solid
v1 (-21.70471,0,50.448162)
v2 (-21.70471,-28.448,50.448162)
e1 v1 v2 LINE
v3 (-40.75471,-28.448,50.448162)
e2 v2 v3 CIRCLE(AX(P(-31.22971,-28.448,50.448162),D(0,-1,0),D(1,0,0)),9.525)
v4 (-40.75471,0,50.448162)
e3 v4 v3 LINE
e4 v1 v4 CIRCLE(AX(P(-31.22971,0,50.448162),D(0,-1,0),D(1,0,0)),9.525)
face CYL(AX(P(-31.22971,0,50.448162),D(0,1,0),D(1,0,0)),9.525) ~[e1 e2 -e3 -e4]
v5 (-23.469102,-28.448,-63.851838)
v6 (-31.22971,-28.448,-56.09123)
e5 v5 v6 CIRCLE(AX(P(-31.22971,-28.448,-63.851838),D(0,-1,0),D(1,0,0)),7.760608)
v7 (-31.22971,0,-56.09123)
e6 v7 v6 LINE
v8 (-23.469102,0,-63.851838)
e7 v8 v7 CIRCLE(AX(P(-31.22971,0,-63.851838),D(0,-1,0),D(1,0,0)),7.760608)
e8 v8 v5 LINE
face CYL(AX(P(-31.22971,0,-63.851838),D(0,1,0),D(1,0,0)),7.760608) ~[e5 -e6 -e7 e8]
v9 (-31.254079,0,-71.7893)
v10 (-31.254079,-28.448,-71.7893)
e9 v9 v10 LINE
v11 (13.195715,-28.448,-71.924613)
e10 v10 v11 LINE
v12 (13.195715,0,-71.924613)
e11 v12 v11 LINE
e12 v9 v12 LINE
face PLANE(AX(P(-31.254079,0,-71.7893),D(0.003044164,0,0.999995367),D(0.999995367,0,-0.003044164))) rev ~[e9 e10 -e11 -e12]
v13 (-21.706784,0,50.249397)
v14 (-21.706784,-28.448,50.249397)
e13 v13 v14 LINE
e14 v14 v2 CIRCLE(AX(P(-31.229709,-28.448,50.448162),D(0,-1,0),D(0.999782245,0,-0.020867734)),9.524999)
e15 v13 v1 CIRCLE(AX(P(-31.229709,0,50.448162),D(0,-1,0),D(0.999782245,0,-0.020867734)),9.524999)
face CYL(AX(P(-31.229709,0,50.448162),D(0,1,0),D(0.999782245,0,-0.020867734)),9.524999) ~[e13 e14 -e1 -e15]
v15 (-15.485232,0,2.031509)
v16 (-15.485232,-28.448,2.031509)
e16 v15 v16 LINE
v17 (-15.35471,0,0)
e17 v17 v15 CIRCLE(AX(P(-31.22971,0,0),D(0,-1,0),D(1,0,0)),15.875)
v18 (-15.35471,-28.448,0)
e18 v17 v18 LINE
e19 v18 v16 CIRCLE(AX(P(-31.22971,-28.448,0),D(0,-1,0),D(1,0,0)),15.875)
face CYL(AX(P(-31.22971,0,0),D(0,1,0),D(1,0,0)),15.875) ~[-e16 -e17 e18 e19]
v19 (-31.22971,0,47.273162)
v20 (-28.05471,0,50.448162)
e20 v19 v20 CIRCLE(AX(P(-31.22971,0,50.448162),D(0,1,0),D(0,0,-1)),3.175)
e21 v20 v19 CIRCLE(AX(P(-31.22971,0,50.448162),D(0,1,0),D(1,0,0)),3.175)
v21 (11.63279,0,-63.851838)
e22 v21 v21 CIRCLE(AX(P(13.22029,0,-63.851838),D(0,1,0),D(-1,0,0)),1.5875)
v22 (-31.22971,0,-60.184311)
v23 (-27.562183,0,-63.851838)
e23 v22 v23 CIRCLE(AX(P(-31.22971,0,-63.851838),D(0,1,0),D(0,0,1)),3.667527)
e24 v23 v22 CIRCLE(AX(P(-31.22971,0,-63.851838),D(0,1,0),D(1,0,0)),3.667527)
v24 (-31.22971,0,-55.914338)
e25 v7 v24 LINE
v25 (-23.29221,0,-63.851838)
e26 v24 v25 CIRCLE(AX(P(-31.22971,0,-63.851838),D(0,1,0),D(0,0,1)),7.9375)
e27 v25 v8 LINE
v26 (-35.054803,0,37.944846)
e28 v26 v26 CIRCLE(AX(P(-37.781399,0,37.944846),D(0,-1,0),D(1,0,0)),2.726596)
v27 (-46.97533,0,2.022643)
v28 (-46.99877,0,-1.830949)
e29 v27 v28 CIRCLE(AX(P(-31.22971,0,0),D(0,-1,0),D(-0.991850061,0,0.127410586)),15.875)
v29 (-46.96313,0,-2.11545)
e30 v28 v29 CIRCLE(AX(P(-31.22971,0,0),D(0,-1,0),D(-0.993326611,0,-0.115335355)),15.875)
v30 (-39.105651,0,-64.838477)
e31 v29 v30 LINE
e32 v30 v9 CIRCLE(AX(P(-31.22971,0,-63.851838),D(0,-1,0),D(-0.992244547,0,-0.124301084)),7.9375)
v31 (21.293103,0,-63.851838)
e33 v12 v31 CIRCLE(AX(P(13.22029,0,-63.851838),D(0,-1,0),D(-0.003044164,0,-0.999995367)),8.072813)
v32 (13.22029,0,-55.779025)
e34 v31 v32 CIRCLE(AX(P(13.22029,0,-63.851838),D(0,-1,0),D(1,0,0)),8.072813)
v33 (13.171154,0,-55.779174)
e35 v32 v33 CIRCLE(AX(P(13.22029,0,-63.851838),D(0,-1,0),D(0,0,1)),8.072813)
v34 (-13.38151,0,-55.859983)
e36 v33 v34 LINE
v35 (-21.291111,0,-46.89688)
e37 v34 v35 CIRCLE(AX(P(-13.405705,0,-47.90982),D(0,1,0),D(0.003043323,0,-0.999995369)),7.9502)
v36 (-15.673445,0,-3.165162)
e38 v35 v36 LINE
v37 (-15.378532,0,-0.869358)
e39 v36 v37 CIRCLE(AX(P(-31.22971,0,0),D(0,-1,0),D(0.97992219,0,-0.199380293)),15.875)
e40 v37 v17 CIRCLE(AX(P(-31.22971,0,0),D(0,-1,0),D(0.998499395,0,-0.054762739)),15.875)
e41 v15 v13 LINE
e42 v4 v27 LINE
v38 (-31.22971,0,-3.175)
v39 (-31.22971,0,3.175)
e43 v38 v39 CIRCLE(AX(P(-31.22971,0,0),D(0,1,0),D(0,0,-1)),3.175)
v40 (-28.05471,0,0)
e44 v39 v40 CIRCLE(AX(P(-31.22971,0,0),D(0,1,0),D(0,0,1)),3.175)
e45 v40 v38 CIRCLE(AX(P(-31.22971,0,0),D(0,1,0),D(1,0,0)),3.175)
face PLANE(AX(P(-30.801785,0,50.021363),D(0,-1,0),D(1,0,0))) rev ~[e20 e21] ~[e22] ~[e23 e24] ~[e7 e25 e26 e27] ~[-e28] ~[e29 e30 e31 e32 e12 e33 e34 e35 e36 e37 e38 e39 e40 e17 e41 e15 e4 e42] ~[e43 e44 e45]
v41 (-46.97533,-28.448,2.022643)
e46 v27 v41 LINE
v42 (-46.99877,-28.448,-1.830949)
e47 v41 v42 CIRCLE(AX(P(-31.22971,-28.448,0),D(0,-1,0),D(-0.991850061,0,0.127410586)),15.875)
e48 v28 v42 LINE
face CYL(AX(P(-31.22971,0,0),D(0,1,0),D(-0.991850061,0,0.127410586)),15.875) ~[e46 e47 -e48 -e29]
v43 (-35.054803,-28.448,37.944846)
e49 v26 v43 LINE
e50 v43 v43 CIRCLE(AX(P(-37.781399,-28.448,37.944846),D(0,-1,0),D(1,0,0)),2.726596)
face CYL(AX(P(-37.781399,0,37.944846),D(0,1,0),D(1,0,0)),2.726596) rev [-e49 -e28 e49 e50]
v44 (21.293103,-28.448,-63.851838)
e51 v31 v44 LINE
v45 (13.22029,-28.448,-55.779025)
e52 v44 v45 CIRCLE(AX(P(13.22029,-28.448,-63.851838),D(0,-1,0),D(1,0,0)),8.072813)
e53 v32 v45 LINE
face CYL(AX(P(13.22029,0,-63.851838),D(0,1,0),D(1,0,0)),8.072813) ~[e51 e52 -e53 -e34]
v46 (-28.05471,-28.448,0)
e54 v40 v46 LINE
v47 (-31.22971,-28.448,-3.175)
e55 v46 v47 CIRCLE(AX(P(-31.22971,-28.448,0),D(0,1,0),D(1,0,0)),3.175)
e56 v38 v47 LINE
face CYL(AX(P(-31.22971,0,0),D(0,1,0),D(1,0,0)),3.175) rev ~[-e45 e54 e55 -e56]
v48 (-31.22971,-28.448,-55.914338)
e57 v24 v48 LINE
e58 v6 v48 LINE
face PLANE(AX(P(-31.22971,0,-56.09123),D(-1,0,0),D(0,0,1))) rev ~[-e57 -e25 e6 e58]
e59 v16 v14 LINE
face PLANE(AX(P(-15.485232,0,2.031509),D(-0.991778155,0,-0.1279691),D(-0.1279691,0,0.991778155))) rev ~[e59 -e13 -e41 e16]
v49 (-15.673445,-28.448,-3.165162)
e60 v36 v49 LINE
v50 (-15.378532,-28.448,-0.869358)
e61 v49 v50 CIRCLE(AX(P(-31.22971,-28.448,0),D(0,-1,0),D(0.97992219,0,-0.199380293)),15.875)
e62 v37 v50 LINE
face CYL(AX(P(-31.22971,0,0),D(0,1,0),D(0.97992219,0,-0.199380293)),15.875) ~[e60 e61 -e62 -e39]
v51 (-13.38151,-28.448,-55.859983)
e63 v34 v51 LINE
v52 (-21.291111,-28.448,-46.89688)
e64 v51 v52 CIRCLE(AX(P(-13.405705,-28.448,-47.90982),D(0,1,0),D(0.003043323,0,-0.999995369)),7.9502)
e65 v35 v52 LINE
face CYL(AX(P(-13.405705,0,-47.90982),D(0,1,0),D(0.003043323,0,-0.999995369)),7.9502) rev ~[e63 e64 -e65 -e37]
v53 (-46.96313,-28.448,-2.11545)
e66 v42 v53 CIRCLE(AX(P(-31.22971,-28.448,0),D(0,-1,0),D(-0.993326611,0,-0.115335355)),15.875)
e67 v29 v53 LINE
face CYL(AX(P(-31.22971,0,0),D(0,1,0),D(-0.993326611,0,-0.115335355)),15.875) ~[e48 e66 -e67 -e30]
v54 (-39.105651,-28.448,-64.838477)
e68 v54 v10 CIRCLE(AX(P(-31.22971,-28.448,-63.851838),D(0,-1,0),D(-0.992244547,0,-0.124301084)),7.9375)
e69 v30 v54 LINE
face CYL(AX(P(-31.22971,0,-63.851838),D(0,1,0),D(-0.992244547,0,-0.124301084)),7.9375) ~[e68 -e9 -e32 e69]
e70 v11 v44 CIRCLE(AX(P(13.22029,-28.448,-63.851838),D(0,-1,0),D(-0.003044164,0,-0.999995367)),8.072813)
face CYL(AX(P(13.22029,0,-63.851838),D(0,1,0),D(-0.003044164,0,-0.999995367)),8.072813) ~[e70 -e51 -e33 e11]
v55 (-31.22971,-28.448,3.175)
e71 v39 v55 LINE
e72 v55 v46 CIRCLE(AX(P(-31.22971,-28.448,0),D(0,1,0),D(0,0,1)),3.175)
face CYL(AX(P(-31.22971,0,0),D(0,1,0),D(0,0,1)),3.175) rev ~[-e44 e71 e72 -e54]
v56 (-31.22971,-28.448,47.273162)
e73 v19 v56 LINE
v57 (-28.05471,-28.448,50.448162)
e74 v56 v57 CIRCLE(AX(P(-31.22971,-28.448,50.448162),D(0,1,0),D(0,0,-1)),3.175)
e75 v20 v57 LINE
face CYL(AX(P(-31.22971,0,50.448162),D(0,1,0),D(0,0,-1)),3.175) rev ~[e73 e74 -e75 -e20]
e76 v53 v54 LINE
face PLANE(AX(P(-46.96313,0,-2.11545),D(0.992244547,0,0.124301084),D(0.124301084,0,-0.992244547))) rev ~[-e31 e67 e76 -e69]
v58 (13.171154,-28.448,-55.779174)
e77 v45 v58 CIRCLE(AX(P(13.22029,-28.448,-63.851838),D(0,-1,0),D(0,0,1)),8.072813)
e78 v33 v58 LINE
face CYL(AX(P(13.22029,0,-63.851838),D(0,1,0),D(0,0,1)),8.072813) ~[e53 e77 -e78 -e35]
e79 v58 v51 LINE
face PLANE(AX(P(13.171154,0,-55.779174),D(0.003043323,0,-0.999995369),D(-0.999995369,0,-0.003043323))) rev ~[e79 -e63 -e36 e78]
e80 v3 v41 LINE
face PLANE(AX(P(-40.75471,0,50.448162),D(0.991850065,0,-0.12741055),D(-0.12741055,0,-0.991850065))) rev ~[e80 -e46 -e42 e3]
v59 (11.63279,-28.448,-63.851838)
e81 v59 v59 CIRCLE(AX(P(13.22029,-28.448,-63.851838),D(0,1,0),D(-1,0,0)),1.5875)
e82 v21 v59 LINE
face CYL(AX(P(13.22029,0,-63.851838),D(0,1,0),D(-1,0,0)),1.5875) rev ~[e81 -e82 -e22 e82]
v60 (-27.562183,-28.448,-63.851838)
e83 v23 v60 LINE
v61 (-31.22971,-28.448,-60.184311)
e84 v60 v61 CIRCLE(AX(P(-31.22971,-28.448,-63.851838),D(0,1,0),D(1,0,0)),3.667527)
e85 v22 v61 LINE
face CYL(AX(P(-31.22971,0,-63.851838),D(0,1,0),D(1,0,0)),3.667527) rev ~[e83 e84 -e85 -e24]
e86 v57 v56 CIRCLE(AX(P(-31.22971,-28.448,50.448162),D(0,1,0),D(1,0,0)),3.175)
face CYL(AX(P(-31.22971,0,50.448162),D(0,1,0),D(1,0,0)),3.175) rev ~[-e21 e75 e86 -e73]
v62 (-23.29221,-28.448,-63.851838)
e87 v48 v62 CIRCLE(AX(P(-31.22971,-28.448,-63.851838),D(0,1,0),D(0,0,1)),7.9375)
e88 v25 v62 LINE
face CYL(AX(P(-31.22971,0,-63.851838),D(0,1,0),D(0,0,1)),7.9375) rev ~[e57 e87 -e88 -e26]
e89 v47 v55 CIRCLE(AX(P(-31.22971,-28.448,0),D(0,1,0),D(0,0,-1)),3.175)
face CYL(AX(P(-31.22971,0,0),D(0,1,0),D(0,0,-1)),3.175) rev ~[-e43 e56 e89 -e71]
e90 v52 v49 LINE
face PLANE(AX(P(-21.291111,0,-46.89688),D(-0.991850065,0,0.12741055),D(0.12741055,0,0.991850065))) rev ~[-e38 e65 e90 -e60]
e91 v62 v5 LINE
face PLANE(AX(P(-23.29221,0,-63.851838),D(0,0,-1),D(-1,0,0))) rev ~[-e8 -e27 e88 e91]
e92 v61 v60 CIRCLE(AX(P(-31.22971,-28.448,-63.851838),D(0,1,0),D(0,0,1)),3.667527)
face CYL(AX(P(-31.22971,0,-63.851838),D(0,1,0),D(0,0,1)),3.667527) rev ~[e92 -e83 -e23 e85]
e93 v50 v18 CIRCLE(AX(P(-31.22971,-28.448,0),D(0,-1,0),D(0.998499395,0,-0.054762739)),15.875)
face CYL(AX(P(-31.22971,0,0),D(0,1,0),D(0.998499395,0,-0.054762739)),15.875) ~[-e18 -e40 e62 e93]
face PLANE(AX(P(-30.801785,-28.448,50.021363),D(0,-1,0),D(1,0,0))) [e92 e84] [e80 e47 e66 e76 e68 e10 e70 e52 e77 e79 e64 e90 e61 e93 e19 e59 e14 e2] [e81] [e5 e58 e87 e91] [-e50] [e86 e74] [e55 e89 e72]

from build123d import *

# Parameters (mm, degrees)
F0_R     = 2.726595534
F1_DEPTH = 28.448


with BuildPart() as f1:
    # F0 (on Front) → F1 (new body)
    with BuildSketch(Plane.XZ):
        with BuildLine():
            ThreePointArc((-40.7547102064, 50.4481623903), (-37.9649022972, 43.7129702995), (-31.2297102064, 40.9231623903))
            ThreePointArc((-31.2297102064, 40.9231623903), (-24.5651627011, 43.6430590443), (-21.7067843213, 50.2493972355))
            ThreePointArc((-21.7067843213, 50.2493972355), (-21.7052287492, 50.3487744022), (-21.7047102064, 50.4481623903))
            ThreePointArc((-21.7047102064, 50.4481623903), (-31.2297102064, 59.9731623903), (-40.7547102064, 50.4481623903))
        make_face()
        with BuildLine():
            ThreePointArc((-28.0547102064, 50.4481623903), (-28.9846461761, 48.20309836), (-31.2297102064, 47.2731623903))
            ThreePointArc((-31.2297102064, 47.2731623903), (-33.4747742367, 52.6932264205), (-28.0547102064, 50.4481623903))
        make_face(mode=Mode.SUBTRACT)
        with BuildLine():
            ThreePointArc((-21.7067843213, 50.2493972355), (-24.5651627011, 43.6430590443), (-31.2297102064, 40.9231623903))
            Line((-31.2297102064, 40.9231623903), (-31.2297102064, 15.875))
            ThreePointArc((-31.2297102064, 15.875), (-20.7472149459, 11.9219511035), (-15.485231978, 2.0315093686))
            Line((-15.485231978, 2.0315093686), (-21.7067843213, 50.2493972355))
        make_face()
        with BuildLine():
            Line((-31.2297102064, 15.875), (-31.2297102064, 40.9231623903))
            ThreePointArc((-31.2297102064, 40.9231623903), (-37.9649022972, 43.7129702995), (-40.7547102064, 50.4481623903))
            Line((-40.7547102064, 50.4481623903), (-46.9753299172, 2.0226430538))
            ThreePointArc((-46.9753299172, 2.0226430538), (-41.7155617818, 11.918999192), (-31.2297102064, 15.875))
        make_face()
        with Locations((-37.7813987434, 37.9448458552)):
            Circle(F0_R, mode=Mode.SUBTRACT)
        with BuildLine():
            ThreePointArc((-15.485231978, 2.0315093686), (-20.7472149459, 11.9219511035), (-31.2297102064, 15.875))
            Line((-31.2297102064, 15.875), (-31.2297102064, 3.175))
            ThreePointArc((-31.2297102064, 3.175), (-28.9846461761, 2.2450640303), (-28.0547102064, 0))
            ThreePointArc((-28.0547102064, 0), (-28.9846461761, -2.2450640303), (-31.2297102064, -3.175))
            Line((-31.2297102064, -3.175), (-31.2297102064, -15.875))
            ThreePointArc((-31.2297102064, -15.875), (-21.1855906399, -12.2935465645), (-15.6734454391, -3.1651621585))
            Line((-15.6734454391, -3.1651621585), (-15.3785323056, -0.8693584745))
            ThreePointArc((-15.3785323056, -0.8693584745), (-15.3606668487, -0.4348423995), (-15.3547102064, 0))
            ThreePointArc((-15.3547102064, 0), (-15.3873742537, 1.0178489878), (-15.485231978, 2.0315093686))
        make_face()
        with BuildLine():
            Line((-31.2297102064, 3.175), (-31.2297102064, 15.875))
            ThreePointArc((-31.2297102064, 15.875), (-41.7155617818, 11.918999192), (-46.9753299172, 2.0226430538))
            ThreePointArc((-46.9753299172, 2.0226430538), (-47.1044165332, 0.0965610555), (-46.998770155, -1.8309487529))
            Line((-46.998770155, -1.8309487529), (-46.9631299673, -2.1154497456))
            ThreePointArc((-46.9631299673, -2.1154497456), (-41.6803766992, -11.9498617086), (-31.2297102064, -15.875))
            Line((-31.2297102064, -15.875), (-31.2297102064, -3.175))
            ThreePointArc((-31.2297102064, -3.175), (-34.4047102064, 0), (-31.2297102064, 3.175))
        make_face()
        with BuildLine():
            ThreePointArc((21.293102882, -63.8518376097), (18.9286306717, -58.1434967317), (13.2202897936, -55.7790245213))
            ThreePointArc((13.2202897936, -55.7790245213), (7.5119489155, -58.1434967317), (5.1474767052, -63.8518376097))
            ThreePointArc((5.1474767052, -63.8518376097), (7.5032669549, -69.5514833024), (13.1957148264, -71.9246132929))
            ThreePointArc((13.1957148264, -71.9246132929), (18.9199354863, -69.5688604485), (21.293102882, -63.8518376097))
        make_face()
        with BuildLine():
            ThreePointArc((14.8077897936, -63.8518376097), (13.2202897936, -65.4393376097), (11.6327897936, -63.8518376097))
            ThreePointArc((11.6327897936, -63.8518376097), (13.2202897936, -62.2643376097), (14.8077897936, -63.8518376097))
        make_face(mode=Mode.SUBTRACT)
        with BuildLine():
            Line((-46.9631299673, -2.1154497456), (-46.998770155, -1.8309487529))
            ThreePointArc((-46.998770155, -1.8309487529), (-46.9815923849, -1.9732797148), (-46.9631299673, -2.1154497456))
        make_face()
        with BuildLine():
            ThreePointArc((-15.6734454391, -3.1651621585), (-21.1855906399, -12.2935465645), (-31.2297102064, -15.875))
            Line((-31.2297102064, -15.875), (-31.2297102064, -55.9143376097))
            ThreePointArc((-31.2297102064, -55.9143376097), (-25.6170501307, -58.2391775341), (-23.2922102064, -63.8518376097))
            Line((-23.2922102064, -63.8518376097), (5.1474767052, -63.8518376097))
            ThreePointArc((5.1474767052, -63.8518376097), (7.5119489155, -58.1434967317), (13.2202897936, -55.7790245213))
            Line((13.2202897936, -55.7790245213), (-13.3815098989, -55.859982763))
            ThreePointArc((-13.3815098989, -55.859982763), (-19.3667419826, -53.1702109374), (-21.2911113125, -46.896880223))
            Line((-21.2911113125, -46.896880223), (-15.6734454391, -3.1651621585))
        make_face()
        with BuildLine():
            Line((-31.2297102064, -55.9143376097), (-31.2297102064, -15.875))
            ThreePointArc((-31.2297102064, -15.875), (-41.6803766992, -11.9498617086), (-46.9631299673, -2.1154497456))
            Line((-46.9631299673, -2.1154497456), (-39.1056512957, -64.8384774671))
            ThreePointArc((-39.1056512957, -64.8384774671), (-37.1809857049, -58.5995784586), (-31.2297102064, -55.9143376097))
        make_face()
        with BuildLine():
            ThreePointArc((-15.6734454391, -3.1651621585), (-15.4840904226, -2.0226424854), (-15.3785323056, -0.8693584745))
            Line((-15.3785323056, -0.8693584745), (-15.6734454391, -3.1651621585))
        make_face()
        with BuildLine():
            Line((-31.2297102064, -56.0912296504), (-31.2297102064, -55.9143376097))
            ThreePointArc((-31.2297102064, -55.9143376097), (-37.1809857049, -58.5995784586), (-39.1056512957, -64.8384774671))
            ThreePointArc((-39.1056512957, -64.8384774671), (-36.4910987194, -69.7950435766), (-31.2540792155, -71.7893002019))
            ThreePointArc((-31.2540792155, -71.7893002019), (-25.6256724995, -69.4731068285), (-23.2922102064, -63.8518376097))
            Line((-23.2922102064, -63.8518376097), (-23.469102247, -63.8518376097))
            ThreePointArc((-23.469102247, -63.8518376097), (-36.7172887206, -69.3394161239), (-31.2297102064, -56.0912296504))
        make_face()
        with BuildLine():
            Line((5.1474767052, -63.8518376097), (-23.2922102064, -63.8518376097))
            ThreePointArc((-23.2922102064, -63.8518376097), (-25.6256724995, -69.4731068285), (-31.2540792155, -71.7893002019))
            Line((-31.2540792155, -71.7893002019), (13.1957148264, -71.9246132929))
            ThreePointArc((13.1957148264, -71.9246132929), (7.5032669549, -69.5514833024), (5.1474767052, -63.8518376097))
        make_face()
        with BuildLine():
            Line((-31.2297102064, -60.1843108323), (-31.2297102064, -56.0912296504))
            ThreePointArc((-31.2297102064, -56.0912296504), (-36.7172887206, -69.3394161239), (-23.469102247, -63.8518376097))
            Line((-23.469102247, -63.8518376097), (-27.562183429, -63.8518376097))
            ThreePointArc((-27.562183429, -63.8518376097), (-33.8230432609, -66.4451706642), (-31.2297102064, -60.1843108323))
        make_face()
        with BuildLine():
            ThreePointArc((-23.469102247, -63.8518376097), (-25.7421316922, -58.3642590955), (-31.2297102064, -56.0912296504))
            Line((-31.2297102064, -56.0912296504), (-31.2297102064, -60.1843108323))
            ThreePointArc((-31.2297102064, -60.1843108323), (-28.6363771519, -61.2585045552), (-27.562183429, -63.8518376097))
            Line((-27.562183429, -63.8518376097), (-23.469102247, -63.8518376097))
        make_face()
    extrude(amount=F1_DEPTH)


solid = f1.part
